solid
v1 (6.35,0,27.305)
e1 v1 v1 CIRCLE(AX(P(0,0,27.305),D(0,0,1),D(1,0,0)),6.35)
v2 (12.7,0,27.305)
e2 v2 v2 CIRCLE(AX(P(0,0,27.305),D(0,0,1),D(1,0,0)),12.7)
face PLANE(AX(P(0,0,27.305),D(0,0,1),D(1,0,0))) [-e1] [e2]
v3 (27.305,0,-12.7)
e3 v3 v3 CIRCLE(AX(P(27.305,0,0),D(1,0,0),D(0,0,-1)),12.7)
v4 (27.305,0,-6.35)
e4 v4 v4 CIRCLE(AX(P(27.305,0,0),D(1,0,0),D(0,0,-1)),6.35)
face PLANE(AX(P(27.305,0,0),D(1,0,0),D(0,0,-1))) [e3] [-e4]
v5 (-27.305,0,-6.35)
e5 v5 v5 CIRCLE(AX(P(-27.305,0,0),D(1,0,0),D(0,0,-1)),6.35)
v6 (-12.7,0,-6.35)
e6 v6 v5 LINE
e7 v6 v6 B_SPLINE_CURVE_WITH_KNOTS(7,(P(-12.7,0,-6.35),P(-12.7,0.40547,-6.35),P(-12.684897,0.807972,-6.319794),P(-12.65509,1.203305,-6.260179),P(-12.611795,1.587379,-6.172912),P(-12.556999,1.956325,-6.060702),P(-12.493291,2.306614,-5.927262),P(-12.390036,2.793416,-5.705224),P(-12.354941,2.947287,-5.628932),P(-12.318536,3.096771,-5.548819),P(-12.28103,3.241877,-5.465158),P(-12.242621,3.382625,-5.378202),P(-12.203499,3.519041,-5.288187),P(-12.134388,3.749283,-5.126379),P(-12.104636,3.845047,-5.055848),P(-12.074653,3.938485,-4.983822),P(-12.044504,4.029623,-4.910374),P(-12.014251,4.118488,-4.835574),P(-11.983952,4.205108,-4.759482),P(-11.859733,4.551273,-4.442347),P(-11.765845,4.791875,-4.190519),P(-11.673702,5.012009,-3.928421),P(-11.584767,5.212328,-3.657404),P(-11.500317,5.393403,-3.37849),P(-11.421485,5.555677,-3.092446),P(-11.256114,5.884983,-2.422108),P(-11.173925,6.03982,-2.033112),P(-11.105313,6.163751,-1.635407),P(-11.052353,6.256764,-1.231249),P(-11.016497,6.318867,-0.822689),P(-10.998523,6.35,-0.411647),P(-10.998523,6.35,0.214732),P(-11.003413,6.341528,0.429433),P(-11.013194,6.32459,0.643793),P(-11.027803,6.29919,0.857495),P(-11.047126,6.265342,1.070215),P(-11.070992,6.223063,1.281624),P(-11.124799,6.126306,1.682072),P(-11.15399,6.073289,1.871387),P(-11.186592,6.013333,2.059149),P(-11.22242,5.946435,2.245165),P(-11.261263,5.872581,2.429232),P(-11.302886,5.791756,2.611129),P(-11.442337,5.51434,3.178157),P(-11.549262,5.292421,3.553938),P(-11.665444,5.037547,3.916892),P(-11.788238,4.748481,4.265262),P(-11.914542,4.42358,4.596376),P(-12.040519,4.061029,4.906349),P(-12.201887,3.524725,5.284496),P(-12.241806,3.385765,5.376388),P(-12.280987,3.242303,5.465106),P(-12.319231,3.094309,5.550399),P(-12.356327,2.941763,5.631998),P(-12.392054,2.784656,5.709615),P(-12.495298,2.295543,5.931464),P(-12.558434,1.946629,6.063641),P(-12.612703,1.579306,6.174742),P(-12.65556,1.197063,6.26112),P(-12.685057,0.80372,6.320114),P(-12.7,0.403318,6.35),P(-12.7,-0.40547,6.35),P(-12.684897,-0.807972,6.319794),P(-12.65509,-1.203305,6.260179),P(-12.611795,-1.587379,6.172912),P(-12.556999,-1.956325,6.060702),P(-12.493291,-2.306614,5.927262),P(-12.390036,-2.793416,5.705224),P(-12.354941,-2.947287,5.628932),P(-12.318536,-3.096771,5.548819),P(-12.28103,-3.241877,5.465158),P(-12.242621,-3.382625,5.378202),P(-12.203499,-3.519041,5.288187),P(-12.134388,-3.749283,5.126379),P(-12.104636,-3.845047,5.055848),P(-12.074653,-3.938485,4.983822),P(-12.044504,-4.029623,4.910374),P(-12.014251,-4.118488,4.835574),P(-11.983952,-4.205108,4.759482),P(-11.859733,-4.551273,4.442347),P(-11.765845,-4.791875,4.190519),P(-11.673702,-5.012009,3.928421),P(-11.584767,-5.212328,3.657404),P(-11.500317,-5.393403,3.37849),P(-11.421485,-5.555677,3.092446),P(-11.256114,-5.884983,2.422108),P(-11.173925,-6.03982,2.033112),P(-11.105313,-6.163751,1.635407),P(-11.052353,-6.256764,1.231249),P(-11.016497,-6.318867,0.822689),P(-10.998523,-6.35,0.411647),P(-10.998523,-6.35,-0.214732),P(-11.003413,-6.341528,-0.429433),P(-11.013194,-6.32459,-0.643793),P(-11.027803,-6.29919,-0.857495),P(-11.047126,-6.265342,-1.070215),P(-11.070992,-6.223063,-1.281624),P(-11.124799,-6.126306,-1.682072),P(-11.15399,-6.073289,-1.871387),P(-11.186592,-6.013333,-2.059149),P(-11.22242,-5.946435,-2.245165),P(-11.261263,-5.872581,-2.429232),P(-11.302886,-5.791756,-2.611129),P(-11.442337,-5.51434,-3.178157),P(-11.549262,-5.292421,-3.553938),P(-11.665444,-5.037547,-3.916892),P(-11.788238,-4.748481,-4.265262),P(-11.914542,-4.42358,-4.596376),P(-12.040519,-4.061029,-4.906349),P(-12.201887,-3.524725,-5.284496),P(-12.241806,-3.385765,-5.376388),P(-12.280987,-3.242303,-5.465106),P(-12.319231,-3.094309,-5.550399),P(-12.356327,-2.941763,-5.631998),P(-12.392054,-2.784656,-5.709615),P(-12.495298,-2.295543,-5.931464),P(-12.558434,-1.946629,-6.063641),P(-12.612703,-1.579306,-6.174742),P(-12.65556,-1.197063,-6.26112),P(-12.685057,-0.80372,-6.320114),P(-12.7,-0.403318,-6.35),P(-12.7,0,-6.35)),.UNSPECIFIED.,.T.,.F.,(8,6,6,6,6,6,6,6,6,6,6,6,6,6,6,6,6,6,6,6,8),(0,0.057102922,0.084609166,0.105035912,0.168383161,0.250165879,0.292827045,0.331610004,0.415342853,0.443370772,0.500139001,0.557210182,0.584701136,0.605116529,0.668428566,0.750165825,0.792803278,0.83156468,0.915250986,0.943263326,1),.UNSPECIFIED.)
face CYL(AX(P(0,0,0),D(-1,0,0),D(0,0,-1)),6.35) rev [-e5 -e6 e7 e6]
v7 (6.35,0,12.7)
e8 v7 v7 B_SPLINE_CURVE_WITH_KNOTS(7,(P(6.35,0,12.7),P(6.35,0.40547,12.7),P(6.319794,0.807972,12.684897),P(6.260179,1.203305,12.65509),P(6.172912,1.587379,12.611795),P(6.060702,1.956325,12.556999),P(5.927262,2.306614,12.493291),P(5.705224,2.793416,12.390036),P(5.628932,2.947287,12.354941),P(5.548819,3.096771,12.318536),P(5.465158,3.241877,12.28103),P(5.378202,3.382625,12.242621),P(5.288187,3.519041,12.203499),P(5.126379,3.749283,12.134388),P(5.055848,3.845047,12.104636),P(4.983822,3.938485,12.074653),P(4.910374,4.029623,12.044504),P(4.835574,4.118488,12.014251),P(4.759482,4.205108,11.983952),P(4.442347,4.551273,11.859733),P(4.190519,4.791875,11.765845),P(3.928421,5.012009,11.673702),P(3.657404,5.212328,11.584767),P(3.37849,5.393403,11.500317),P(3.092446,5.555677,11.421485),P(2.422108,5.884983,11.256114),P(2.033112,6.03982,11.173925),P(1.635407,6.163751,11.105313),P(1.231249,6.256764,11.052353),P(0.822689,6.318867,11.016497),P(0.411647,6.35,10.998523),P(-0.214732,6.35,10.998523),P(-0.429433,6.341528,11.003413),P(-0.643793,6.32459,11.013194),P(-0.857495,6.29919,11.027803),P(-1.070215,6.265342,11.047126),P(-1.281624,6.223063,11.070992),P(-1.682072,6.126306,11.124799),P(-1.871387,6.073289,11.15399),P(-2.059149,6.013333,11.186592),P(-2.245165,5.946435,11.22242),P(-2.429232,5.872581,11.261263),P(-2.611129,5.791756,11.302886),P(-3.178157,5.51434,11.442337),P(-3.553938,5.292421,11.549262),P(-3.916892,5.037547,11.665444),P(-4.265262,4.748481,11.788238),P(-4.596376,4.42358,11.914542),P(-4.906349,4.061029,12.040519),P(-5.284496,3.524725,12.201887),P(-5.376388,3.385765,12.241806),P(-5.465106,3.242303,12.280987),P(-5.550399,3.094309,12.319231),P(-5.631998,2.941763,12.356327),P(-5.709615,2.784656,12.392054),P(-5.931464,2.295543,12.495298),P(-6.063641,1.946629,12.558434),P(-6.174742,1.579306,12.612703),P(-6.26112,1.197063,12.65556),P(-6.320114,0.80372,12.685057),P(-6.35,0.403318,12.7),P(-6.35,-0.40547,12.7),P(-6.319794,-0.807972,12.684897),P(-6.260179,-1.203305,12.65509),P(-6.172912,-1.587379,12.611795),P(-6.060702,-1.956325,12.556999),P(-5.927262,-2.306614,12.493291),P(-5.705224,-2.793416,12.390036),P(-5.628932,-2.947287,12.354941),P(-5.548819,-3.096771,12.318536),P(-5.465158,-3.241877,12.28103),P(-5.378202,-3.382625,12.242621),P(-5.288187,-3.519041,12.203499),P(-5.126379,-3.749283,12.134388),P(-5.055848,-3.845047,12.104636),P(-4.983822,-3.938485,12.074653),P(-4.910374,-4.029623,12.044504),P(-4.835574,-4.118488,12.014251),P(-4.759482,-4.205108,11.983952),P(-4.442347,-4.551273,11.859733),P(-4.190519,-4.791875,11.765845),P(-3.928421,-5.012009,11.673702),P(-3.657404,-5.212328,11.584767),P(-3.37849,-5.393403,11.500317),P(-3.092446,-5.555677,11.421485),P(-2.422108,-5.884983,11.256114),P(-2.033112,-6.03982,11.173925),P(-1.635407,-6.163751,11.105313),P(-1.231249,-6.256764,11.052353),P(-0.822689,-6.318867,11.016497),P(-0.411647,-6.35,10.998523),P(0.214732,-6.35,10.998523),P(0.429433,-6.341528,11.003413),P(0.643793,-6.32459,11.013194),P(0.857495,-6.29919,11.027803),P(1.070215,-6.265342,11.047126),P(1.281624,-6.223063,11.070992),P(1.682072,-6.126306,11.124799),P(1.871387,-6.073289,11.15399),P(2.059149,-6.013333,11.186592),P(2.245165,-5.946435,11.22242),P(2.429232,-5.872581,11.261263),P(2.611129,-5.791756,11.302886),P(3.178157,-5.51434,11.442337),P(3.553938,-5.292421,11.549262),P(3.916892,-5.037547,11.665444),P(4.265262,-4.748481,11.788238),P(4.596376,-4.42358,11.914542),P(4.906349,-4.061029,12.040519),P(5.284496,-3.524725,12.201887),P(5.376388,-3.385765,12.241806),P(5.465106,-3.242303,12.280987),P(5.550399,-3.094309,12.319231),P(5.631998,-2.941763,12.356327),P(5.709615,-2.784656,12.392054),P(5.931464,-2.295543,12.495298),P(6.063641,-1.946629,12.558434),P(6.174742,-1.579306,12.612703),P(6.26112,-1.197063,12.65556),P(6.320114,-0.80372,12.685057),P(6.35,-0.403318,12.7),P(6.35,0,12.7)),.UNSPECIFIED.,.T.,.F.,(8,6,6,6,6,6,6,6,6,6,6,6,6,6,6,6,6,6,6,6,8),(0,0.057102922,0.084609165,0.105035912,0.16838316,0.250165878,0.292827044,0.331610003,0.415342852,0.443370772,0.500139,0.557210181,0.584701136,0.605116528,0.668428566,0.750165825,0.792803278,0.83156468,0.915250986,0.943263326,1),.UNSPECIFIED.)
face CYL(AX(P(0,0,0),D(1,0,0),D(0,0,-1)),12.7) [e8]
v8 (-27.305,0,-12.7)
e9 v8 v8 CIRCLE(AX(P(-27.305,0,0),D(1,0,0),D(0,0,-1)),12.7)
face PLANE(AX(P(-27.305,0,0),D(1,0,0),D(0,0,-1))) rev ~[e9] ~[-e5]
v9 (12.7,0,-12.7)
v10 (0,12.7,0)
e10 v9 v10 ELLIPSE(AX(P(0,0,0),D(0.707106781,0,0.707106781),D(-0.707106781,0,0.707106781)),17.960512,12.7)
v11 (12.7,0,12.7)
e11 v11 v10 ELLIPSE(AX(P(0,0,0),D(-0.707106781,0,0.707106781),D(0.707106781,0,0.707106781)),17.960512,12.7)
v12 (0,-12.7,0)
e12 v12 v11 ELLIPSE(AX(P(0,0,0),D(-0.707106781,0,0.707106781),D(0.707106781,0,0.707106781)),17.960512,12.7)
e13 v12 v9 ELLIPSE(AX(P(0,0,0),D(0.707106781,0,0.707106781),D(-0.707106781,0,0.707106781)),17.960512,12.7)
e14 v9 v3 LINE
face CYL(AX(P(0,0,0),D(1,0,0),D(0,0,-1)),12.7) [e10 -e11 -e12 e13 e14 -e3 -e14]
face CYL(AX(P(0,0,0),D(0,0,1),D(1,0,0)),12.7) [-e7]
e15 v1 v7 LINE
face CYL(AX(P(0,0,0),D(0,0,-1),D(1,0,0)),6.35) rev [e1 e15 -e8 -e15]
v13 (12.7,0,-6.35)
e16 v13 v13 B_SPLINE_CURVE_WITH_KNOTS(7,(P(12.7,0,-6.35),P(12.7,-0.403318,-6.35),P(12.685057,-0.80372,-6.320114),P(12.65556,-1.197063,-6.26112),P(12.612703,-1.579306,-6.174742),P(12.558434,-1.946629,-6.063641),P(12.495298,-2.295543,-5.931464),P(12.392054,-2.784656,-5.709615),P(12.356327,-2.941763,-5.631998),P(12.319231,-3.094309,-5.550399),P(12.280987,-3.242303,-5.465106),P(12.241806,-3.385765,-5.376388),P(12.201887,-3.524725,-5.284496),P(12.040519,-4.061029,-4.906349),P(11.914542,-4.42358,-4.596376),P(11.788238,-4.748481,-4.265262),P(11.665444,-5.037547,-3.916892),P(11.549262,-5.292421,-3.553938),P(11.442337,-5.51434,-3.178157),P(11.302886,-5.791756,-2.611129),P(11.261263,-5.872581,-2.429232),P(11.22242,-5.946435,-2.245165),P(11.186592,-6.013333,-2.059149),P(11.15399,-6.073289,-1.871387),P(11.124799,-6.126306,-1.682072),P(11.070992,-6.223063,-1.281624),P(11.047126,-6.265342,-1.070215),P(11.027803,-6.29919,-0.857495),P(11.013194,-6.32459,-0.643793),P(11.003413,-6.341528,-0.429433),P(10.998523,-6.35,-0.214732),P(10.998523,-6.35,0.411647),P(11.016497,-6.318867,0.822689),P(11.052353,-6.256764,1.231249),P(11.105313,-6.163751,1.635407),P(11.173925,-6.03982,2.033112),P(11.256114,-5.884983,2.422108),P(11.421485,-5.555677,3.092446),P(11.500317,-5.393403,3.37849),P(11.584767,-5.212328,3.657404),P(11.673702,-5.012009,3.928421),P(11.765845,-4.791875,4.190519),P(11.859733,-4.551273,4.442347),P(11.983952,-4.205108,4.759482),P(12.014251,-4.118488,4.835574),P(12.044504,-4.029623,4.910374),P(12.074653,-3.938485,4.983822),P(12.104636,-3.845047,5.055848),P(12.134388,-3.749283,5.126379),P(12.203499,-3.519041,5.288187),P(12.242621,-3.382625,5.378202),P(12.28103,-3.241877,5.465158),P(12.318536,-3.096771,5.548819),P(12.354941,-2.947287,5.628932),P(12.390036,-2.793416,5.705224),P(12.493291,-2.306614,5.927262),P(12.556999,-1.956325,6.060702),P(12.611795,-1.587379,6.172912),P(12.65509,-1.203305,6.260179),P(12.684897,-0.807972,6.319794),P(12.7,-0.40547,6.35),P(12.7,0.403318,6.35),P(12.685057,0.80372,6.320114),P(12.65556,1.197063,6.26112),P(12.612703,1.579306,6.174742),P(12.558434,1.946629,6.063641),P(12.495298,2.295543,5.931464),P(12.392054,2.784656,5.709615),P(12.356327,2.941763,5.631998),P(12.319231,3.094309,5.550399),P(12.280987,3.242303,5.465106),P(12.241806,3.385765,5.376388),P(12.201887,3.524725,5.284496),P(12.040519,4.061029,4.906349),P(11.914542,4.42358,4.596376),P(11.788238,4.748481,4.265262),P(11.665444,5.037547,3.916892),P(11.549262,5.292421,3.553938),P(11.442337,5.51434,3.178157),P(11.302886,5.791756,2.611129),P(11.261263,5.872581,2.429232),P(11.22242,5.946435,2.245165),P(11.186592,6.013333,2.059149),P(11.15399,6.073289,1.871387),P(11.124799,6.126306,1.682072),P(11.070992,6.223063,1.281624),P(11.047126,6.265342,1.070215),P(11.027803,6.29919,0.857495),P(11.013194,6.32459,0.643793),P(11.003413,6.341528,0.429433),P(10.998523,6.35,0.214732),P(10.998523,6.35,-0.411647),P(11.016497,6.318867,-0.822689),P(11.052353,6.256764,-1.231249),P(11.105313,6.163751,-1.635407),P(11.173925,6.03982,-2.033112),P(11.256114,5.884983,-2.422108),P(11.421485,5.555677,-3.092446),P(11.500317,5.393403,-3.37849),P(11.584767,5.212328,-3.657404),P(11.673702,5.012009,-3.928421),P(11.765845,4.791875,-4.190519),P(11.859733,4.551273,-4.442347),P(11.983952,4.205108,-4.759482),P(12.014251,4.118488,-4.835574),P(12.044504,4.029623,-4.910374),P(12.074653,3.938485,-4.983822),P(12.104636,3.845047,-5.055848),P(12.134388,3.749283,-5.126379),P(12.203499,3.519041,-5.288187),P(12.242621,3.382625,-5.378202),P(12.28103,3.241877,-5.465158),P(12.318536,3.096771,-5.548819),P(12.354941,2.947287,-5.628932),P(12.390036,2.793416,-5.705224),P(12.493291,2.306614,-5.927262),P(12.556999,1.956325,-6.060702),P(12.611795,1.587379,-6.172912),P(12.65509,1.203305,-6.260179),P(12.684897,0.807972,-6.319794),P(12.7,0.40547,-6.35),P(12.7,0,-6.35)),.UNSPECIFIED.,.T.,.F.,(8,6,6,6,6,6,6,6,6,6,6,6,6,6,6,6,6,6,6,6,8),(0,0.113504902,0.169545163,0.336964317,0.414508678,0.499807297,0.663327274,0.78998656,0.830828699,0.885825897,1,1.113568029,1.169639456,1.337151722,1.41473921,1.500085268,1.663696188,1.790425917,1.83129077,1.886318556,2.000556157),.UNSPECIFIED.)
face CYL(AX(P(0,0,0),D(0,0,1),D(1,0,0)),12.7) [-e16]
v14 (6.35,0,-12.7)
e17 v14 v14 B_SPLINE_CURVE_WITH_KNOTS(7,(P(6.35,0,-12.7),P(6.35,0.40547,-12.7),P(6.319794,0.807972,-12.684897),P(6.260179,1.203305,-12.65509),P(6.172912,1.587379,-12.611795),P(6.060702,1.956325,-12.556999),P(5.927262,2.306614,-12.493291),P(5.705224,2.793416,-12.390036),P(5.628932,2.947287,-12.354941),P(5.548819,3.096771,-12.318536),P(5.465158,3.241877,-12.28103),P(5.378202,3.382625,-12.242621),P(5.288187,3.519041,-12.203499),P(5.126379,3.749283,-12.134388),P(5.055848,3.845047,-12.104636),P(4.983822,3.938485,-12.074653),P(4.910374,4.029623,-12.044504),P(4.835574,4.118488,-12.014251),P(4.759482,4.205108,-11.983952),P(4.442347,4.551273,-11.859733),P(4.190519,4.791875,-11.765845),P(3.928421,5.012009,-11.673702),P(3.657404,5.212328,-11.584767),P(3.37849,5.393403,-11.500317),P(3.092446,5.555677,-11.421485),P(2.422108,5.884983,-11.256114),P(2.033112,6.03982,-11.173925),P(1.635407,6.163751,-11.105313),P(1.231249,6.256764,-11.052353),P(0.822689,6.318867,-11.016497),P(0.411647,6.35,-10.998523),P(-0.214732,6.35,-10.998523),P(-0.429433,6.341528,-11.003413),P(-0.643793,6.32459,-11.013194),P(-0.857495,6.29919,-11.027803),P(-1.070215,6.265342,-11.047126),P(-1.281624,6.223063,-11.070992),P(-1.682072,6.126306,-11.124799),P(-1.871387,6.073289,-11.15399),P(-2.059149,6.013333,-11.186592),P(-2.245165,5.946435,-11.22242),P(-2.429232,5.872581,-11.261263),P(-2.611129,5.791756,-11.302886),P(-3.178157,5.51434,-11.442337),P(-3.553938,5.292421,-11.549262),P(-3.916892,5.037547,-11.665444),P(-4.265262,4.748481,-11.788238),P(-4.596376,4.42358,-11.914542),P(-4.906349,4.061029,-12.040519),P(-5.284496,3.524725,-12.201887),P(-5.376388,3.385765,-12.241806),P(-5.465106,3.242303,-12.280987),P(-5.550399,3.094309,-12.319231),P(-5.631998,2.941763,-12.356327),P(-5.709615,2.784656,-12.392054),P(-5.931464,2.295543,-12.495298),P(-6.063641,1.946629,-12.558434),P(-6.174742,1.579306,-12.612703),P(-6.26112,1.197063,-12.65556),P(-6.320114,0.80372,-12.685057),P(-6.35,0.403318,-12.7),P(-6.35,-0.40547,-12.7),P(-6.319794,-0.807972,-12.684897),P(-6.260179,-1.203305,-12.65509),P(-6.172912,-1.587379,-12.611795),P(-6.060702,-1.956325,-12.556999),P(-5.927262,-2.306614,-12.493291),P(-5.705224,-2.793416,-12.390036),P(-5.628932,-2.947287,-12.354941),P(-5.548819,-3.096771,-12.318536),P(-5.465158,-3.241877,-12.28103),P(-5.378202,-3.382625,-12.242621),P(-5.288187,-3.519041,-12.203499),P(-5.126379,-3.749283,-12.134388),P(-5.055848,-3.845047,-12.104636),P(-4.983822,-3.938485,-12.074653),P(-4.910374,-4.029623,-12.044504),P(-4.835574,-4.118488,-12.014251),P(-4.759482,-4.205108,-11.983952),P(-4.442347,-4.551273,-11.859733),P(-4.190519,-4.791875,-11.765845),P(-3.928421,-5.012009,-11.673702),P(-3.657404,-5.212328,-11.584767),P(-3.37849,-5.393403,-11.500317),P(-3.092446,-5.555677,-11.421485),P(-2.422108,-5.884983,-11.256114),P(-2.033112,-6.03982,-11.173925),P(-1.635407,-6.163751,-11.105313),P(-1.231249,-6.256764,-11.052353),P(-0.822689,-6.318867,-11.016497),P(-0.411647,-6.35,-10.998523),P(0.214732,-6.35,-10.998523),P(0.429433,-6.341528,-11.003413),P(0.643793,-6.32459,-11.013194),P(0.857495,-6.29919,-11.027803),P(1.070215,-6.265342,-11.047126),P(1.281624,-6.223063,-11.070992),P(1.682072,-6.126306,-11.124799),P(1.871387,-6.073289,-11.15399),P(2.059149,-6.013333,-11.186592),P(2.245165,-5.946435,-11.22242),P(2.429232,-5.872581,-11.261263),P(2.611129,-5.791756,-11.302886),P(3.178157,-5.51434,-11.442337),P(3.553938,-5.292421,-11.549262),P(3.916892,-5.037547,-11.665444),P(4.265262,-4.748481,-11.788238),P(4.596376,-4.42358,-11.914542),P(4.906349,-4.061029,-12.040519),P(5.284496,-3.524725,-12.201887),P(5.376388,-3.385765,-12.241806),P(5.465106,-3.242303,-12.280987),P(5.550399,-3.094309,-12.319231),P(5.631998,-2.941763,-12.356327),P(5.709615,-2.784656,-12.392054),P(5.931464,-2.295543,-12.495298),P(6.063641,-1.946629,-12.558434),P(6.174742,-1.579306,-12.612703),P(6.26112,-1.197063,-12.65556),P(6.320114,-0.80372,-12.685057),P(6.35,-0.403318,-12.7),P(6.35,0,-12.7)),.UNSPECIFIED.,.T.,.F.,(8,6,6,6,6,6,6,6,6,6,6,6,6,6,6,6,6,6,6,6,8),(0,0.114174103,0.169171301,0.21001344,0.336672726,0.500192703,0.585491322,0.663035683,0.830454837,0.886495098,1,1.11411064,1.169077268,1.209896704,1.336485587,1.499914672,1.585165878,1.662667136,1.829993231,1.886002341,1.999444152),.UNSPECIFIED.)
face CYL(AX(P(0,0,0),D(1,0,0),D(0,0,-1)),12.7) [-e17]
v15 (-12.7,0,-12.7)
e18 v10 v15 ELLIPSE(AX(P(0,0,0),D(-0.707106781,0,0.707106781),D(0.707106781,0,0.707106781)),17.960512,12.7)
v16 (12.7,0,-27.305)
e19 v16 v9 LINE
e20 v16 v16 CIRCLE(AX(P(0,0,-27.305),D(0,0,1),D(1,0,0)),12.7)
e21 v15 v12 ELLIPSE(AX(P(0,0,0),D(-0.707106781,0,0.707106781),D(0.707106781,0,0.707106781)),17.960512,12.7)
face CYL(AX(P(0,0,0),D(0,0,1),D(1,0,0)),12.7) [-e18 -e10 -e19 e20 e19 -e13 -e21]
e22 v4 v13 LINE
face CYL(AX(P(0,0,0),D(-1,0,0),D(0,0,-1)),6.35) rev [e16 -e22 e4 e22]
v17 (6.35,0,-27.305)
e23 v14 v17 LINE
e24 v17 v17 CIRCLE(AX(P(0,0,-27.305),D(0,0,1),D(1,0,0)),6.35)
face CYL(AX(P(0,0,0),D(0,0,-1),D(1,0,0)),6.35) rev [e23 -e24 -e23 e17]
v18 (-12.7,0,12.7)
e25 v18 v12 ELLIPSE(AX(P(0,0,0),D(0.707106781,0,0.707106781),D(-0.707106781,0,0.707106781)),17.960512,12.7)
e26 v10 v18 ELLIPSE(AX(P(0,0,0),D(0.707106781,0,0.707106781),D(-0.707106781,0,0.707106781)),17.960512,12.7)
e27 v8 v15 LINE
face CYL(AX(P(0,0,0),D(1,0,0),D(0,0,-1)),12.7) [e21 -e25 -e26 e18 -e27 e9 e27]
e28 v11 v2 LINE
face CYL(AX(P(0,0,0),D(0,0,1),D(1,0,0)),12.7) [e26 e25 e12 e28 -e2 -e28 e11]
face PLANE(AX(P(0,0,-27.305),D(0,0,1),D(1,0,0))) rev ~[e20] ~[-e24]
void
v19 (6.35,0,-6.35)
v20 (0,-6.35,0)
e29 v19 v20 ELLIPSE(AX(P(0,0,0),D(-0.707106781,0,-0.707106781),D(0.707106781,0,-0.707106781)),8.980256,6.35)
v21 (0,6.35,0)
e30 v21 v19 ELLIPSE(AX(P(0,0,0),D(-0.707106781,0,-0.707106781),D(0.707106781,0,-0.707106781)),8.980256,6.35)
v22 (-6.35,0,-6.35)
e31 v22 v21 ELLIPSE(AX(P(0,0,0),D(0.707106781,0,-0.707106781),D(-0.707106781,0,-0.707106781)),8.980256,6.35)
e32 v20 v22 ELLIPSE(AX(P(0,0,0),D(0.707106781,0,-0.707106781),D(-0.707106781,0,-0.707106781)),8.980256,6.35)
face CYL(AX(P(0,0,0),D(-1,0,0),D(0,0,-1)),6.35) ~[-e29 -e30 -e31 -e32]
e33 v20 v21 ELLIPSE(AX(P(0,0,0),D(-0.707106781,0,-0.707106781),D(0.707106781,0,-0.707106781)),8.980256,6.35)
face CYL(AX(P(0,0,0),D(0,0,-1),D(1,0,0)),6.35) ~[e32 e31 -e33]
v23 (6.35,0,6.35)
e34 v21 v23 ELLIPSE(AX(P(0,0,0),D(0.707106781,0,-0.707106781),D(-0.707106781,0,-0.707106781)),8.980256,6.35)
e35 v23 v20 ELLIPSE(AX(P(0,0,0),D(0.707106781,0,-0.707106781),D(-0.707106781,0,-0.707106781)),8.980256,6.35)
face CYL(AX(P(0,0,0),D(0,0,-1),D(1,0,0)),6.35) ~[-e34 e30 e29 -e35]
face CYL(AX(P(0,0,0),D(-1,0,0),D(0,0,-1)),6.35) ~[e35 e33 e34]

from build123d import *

# Parameters (mm, degrees)
SKETCH1_R           = 12.7
SKETCH1_R_2         = 6.35
BOSS_EXTRUDE3_DEPTH = 27.305
SKETCH2_R           = 12.7
SKETCH2_R_2         = 6.35
BOSS_EXTRUDE4_DEPTH = 27.305


with BuildPart() as part:
    # Sketch1 → Boss-Extrude3 (new body, symmetric)
    with BuildSketch(Plane.XY):
        Circle(SKETCH1_R)
        Circle(SKETCH1_R_2, mode=Mode.SUBTRACT)
    extrude(amount=BOSS_EXTRUDE3_DEPTH, both=True)

    # Sketch2 → Boss-Extrude4 (add, symmetric)
    with BuildSketch(Plane(origin=(0, 0, 0), x_dir=(0, 0, -1), z_dir=(1, 0, 0))):
        Circle(SKETCH2_R)
        Circle(SKETCH2_R_2, mode=Mode.SUBTRACT)
    extrude(amount=BOSS_EXTRUDE4_DEPTH, both=True)


solid = part.part
